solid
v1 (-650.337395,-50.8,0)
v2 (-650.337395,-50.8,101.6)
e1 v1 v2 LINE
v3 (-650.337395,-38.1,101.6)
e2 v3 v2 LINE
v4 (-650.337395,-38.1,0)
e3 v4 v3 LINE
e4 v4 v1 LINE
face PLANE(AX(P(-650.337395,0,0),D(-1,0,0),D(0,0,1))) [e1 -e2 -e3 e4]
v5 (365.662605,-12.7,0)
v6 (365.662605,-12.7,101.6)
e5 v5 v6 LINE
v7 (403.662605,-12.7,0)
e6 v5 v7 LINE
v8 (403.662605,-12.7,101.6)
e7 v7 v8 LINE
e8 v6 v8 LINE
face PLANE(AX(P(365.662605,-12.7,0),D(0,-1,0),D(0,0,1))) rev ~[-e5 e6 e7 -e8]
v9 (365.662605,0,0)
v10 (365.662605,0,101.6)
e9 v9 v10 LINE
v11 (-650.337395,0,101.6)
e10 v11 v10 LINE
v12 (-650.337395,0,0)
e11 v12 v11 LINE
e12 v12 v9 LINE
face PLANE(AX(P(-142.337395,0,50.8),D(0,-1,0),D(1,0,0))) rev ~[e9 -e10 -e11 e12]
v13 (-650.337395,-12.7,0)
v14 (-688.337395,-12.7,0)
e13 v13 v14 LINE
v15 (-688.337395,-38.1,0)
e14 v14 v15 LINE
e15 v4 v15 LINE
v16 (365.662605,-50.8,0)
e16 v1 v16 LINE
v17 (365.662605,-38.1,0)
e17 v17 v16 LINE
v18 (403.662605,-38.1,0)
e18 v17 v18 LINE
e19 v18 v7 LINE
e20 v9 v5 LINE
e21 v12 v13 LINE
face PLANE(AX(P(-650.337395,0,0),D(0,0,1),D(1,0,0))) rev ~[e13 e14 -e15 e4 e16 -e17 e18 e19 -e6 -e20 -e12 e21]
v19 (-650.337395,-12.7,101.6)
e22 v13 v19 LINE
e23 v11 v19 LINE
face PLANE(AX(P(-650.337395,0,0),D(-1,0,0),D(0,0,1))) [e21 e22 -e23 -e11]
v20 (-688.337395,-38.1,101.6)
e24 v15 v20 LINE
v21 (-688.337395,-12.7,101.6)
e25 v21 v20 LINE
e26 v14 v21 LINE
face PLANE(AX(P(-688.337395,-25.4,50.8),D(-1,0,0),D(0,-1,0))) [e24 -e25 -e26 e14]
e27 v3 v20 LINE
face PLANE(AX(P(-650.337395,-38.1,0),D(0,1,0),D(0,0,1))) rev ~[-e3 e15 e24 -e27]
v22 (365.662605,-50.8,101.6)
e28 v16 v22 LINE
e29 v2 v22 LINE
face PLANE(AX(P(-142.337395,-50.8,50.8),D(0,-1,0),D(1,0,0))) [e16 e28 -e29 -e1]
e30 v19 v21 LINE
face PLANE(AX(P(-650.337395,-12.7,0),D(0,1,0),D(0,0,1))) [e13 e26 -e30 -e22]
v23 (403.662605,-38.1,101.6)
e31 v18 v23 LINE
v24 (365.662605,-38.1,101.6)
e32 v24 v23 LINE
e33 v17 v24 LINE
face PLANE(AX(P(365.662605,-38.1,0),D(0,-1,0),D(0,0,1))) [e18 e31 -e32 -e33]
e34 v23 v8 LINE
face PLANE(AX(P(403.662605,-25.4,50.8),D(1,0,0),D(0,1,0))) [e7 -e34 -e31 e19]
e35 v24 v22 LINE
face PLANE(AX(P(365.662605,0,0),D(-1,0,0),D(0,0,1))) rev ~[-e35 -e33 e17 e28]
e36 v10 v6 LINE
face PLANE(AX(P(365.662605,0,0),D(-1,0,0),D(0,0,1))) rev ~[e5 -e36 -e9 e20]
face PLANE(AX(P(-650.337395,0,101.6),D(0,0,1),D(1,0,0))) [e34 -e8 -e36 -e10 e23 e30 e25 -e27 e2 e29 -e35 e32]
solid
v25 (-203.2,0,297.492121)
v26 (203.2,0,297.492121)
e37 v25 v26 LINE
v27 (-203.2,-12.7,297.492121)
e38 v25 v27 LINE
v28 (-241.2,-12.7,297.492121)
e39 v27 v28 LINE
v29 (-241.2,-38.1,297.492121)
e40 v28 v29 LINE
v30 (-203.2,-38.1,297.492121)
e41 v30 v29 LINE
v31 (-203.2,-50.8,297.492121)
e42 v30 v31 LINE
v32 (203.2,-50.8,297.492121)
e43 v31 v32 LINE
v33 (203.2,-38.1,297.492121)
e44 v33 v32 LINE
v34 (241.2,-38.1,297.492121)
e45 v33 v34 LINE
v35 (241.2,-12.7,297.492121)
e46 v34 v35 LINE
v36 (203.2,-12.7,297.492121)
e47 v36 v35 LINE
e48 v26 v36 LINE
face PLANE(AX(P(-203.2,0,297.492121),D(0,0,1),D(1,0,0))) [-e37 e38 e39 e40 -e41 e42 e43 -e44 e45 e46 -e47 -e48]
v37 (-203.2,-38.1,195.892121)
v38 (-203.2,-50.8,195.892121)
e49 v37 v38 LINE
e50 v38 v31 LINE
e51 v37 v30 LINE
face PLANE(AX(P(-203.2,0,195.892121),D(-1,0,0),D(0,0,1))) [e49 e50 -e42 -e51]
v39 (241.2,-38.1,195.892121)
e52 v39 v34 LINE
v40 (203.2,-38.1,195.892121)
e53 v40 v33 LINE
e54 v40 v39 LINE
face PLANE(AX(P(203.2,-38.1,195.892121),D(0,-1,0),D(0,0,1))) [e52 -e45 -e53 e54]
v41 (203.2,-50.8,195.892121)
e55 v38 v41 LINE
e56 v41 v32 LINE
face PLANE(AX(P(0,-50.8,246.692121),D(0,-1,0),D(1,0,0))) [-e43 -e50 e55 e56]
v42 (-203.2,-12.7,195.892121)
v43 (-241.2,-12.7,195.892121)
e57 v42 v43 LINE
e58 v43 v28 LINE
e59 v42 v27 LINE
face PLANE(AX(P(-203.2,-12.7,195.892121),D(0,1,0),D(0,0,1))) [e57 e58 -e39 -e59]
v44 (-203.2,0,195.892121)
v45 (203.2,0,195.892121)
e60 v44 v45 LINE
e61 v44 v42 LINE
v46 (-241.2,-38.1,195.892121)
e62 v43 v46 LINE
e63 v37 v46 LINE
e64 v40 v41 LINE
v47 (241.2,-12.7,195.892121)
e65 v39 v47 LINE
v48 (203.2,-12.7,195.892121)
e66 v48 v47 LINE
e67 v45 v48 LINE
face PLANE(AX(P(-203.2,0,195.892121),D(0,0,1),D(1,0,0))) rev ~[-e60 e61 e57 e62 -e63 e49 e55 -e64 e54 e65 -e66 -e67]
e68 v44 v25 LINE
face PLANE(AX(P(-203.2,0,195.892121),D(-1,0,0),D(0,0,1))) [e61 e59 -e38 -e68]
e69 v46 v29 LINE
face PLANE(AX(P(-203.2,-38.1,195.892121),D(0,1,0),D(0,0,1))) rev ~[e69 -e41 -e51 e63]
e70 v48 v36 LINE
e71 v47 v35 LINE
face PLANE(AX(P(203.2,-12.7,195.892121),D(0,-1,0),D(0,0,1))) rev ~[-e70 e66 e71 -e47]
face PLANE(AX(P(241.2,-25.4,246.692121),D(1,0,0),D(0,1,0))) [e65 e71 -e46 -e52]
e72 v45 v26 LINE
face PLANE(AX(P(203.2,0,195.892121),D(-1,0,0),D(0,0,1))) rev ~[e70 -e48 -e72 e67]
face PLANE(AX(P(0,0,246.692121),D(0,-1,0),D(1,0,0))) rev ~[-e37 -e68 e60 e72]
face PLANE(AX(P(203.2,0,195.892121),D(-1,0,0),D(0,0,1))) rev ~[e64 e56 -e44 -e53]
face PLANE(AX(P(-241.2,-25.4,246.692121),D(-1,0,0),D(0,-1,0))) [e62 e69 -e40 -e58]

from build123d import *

# Parameters (mm, degrees)
F0_W     = 1016
F0_H     = 101.6
F0_W_2   = 406.4
F9_DEPTH = 50.8
F1_W     = 25.4
F1_H     = 101.6
F2_DEPTH = 38
F3_W     = 25.4
F3_H     = 101.6
F4_DEPTH = 38
F6_W     = 25.4
F6_H     = 101.6
F7_DEPTH = 38
F5_W     = 25.4
F5_H     = 101.6
F8_DEPTH = 38


with BuildPart() as f9:
    # F0 (on Front) → F9 (new body)
    with BuildSketch(Plane.XZ):
        with Locations((-142.337395, 50.8)):
            Rectangle(F0_W, F0_H)
        with Locations((0, 246.692121)):
            Rectangle(F0_W_2, F0_H)
    extrude(amount=F9_DEPTH)

    # F1 (on face) → F2 (join)
    with BuildSketch(Plane.YZ.offset(365.662605)):
        with Locations((-25.4, 50.8)):
            Rectangle(F1_W, F1_H)
    extrude(amount=F2_DEPTH)

    # F3 (on face) → F4 (join)
    with BuildSketch(Plane(origin=(-650.337395, 0, 0), x_dir=(0, -1, 0), z_dir=(-1, 0, 0))):
        with Locations((25.4, 50.8)):
            Rectangle(F3_W, F3_H)
    extrude(amount=F4_DEPTH)

    # F6 (on face) → F7 (join)
    with BuildSketch(Plane(origin=(-203.2, 0, 0), x_dir=(0, -1, 0), z_dir=(-1, 0, 0))):
        with Locations((25.4, 246.692121)):
            Rectangle(F6_W, F6_H)
    extrude(amount=F7_DEPTH)

    # F5 (on face) → F8 (join)
    with BuildSketch(Plane.YZ.offset(203.2)):
        with Locations((-25.4, 246.692121)):
            Rectangle(F5_W, F5_H)
    extrude(amount=F8_DEPTH)


solid = f9.part
